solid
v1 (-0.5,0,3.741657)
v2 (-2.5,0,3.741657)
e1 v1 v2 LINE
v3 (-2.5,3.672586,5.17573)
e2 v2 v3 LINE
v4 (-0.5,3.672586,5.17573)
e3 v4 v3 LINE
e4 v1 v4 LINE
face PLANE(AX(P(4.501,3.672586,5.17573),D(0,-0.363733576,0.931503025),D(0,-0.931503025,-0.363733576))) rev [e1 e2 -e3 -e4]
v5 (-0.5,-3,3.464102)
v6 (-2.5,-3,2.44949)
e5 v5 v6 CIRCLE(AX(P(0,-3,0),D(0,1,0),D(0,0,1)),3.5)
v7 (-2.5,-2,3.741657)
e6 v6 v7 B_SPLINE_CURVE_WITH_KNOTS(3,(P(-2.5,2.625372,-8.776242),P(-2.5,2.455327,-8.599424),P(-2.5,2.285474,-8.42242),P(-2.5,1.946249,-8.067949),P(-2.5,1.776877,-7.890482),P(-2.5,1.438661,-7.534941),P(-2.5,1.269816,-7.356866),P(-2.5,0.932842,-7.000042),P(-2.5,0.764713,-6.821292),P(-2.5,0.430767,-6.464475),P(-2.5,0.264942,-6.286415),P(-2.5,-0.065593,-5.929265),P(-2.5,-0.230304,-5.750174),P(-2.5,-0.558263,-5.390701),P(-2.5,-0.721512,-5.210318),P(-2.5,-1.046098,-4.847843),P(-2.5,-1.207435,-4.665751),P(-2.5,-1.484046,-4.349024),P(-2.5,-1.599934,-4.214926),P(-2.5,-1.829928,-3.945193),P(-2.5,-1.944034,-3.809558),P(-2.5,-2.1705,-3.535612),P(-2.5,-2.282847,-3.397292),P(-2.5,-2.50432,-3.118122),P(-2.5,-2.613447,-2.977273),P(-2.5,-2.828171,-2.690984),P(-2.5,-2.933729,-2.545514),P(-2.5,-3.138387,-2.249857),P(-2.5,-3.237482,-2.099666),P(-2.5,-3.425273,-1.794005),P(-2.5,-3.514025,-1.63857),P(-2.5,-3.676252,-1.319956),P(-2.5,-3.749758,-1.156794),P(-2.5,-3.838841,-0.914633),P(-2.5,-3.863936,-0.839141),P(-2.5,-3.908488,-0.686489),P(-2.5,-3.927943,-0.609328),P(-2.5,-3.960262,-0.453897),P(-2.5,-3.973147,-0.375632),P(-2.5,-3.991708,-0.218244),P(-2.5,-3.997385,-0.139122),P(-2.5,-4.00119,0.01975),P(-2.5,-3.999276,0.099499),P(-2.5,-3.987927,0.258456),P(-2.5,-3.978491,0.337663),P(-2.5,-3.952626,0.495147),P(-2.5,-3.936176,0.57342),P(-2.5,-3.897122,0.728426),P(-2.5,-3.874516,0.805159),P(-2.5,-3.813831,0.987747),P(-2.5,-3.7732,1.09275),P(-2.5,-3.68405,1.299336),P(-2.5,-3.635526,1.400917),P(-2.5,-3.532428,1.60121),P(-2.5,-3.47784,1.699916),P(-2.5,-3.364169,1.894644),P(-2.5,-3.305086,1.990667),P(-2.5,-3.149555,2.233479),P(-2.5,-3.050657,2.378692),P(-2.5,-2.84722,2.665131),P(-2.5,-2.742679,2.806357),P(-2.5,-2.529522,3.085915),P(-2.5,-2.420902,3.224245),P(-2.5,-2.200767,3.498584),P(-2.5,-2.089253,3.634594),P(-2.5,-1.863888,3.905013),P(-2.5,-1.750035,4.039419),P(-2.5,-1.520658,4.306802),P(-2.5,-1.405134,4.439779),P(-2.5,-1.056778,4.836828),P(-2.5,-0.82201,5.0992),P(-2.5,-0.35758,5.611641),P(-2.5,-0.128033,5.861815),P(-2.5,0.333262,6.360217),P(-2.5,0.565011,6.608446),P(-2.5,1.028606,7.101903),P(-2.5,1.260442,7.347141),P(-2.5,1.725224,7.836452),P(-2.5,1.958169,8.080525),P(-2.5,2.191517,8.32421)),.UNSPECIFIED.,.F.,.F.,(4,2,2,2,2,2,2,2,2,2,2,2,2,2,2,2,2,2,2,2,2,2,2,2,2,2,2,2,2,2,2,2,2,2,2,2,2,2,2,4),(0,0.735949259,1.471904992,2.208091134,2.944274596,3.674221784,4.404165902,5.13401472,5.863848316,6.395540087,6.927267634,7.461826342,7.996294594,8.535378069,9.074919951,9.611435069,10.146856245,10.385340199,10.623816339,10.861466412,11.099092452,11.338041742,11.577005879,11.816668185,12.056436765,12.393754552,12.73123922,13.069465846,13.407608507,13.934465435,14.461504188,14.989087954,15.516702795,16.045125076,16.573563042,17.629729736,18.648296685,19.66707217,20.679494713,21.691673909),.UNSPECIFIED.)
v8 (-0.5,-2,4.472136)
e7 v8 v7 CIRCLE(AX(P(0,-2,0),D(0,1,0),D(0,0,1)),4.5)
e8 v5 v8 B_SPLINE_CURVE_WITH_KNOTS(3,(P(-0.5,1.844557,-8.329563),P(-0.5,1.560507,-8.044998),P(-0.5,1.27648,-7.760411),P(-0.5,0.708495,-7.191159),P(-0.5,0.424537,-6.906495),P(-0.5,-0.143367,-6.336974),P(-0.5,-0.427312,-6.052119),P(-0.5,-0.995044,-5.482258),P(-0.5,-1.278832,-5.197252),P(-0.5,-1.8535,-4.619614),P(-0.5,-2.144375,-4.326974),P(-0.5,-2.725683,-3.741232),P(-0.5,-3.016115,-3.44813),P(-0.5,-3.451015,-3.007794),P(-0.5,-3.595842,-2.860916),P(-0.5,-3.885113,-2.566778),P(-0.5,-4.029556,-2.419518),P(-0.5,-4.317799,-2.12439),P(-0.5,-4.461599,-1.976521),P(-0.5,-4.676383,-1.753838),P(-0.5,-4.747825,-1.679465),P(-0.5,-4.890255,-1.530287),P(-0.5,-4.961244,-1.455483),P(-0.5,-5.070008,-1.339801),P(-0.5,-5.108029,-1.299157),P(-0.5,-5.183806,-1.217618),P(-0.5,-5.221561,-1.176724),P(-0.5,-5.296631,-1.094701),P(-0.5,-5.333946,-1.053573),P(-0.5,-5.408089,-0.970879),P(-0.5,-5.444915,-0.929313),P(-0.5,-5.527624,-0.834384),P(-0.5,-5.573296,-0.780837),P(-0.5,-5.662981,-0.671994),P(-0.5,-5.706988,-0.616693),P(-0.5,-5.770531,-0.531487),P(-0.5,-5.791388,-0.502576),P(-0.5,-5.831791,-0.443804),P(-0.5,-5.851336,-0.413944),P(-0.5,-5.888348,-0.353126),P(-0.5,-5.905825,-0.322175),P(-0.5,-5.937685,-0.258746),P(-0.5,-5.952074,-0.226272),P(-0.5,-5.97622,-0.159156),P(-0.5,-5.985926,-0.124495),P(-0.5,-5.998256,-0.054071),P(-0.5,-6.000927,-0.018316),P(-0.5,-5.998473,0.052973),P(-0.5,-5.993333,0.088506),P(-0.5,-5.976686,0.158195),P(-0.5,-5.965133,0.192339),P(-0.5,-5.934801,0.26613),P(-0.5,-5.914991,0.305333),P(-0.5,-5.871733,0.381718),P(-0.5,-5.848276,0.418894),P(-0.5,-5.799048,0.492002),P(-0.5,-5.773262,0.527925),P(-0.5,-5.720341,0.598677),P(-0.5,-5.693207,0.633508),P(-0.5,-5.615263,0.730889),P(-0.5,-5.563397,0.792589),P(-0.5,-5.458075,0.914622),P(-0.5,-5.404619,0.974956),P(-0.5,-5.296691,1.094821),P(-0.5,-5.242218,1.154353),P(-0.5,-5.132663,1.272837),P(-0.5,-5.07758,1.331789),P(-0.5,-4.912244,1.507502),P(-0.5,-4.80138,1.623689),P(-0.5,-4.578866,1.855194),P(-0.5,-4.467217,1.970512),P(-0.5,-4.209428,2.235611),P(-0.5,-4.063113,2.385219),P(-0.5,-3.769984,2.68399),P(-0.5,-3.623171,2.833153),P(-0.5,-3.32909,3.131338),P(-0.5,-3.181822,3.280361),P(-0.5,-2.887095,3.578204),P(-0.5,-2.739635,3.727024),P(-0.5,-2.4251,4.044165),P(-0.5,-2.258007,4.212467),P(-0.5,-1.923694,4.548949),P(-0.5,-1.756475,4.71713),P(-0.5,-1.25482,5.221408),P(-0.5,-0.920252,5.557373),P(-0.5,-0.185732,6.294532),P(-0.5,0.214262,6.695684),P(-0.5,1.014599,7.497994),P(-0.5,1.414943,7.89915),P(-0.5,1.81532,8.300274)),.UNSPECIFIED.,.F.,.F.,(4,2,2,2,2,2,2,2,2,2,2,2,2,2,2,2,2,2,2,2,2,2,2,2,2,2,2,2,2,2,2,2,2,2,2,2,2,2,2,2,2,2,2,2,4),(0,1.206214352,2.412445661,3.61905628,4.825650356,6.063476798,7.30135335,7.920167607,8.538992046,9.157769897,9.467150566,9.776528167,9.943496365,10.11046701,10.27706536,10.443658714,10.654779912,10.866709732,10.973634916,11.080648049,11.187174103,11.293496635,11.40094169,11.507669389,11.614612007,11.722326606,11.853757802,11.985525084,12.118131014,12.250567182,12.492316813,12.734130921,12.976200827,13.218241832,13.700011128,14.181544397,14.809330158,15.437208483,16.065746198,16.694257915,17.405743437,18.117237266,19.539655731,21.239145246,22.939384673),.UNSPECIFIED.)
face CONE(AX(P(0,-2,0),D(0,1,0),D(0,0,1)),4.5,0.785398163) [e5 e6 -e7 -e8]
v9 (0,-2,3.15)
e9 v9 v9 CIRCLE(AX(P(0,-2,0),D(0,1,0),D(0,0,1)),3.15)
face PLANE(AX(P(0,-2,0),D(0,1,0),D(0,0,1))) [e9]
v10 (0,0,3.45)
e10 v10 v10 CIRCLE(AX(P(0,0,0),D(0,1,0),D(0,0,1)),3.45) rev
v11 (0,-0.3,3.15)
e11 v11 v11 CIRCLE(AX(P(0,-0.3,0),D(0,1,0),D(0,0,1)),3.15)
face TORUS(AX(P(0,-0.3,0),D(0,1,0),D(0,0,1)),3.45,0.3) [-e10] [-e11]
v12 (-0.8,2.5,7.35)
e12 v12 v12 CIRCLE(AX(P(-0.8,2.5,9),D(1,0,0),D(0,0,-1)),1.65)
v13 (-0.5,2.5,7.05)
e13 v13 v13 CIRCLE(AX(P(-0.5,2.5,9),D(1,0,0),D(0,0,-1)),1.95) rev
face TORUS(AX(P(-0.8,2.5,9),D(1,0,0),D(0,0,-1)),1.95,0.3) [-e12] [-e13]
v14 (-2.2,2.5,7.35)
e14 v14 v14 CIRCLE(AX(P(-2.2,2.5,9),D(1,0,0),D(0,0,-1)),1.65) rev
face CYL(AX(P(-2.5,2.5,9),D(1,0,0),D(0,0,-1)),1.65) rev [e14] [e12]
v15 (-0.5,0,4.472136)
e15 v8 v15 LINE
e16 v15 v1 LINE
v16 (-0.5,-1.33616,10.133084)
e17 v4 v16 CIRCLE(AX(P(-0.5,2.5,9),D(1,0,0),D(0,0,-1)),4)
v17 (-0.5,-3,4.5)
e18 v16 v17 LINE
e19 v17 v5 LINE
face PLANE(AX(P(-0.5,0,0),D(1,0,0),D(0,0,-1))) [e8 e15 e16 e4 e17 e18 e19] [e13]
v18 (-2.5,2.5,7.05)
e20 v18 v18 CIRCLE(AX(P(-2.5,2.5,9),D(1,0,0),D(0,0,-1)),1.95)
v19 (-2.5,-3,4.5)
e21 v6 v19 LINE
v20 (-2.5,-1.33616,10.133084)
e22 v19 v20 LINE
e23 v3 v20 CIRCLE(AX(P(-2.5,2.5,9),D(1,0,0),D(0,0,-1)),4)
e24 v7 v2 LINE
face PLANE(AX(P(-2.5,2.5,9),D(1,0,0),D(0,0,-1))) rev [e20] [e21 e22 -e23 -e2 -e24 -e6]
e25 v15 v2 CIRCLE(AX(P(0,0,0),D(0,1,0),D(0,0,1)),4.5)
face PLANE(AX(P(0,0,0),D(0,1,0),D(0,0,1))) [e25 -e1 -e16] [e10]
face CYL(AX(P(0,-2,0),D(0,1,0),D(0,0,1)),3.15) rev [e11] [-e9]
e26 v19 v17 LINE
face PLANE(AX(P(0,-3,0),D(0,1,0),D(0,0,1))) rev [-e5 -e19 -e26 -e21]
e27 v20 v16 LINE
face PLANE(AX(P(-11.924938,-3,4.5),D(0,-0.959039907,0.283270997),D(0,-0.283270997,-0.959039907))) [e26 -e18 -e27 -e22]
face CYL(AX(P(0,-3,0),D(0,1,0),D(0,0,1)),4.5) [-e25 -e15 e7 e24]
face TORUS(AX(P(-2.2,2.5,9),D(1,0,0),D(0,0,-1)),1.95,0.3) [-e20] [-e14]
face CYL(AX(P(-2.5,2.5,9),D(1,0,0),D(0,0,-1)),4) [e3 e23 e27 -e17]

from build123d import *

# Parameters (mm, degrees)
SKETCH_6_R          = 4.5
EXTRUDE_4_DEPTH     = 3
SKETCH_7_R          = 3.15
CUT_EXTRUDE_4_DEPTH = 2
SKETCH_8_R          = 4
EXTRUDE_5_DEPTH     = 2
EXTRUDE_7_DEPTH     = 2
EXTRUDE_8_REACH     = 10
SKETCH_11_R         = 1.65
CUT_EXTRUDE_6_DEPTH = 2
CUT_EXTRUDE_7_REACH = 9
FILLET_1_R          = 0.3
FILLET_2_R          = 0.3
FILLET_3_R          = 0.3


with BuildPart() as part:
    # 草图6 → 凸台-拉伸4 (new body)
    with BuildSketch(Plane(origin=(0, 0, 0), x_dir=(1, 0, 0), z_dir=(0, 1, 0))):
        Circle(SKETCH_6_R)
    extrude(amount=-EXTRUDE_4_DEPTH)

    # 草图7 → 切除-拉伸4 (cut)
    with BuildSketch(Plane(origin=(0, 0, 0), x_dir=(1, 0, 0), z_dir=(0, 1, 0))):
        Circle(SKETCH_7_R)
    extrude(amount=-CUT_EXTRUDE_4_DEPTH, mode=Mode.SUBTRACT)

    # 草图15 → 切除-旋转2 (revolve, cut)
    with BuildSketch(Plane(origin=(0, 0, 0), x_dir=(0, 0, -1), z_dir=(1, 0, 0))):
        Polygon((4.5, -3), (4.5, -2), (3.5, -3), align=None)
    revolve(axis=Axis((0, 0, 0), (0, -1, 0)), mode=Mode.SUBTRACT)



with BuildPart() as body_2:
    # 草图8 → 凸台-拉伸5 (new body)
    with BuildSketch(Plane(origin=(-0.5, 0, 0), x_dir=(0, 0, -1), z_dir=(1, 0, 0))):
        with Locations((-9, 2.5)):
            Circle(SKETCH_8_R)
    extrude(amount=-EXTRUDE_5_DEPTH)


with BuildPart() as part_1:
    add(part.part)

    add(body_2.part)  # 凸台-拉伸7 merges body 2
    # 草图9 → 凸台-拉伸7 (add)
    with BuildSketch(Plane(origin=(-0.5, 0, 0), x_dir=(0, 0, -1), z_dir=(1, 0, 0))):
        Polygon((-4.5, -3), (-10.133083988, -1.336159626), (-5.152908316, 3.69564436), (-3.5, 0), (-3.5, -3), (-3.52896076, -3), align=None)
    extrude(amount=-EXTRUDE_7_DEPTH)

    # 草图16 → 凸台-拉伸8 (add, up to next)
    with BuildSketch(Plane(origin=(0, 0, 3.5), x_dir=(-1, 0, 0), z_dir=(0, 0, -1)), mode=Mode.PRIVATE) as extrude_8_sk1:
        Polygon((2.5, -3), (2.5, -2.198837366), (0.5, -2.955716811), (0.5, -3), align=None)
    extrude_8_tool1 = extrude(extrude_8_sk1.sketch, amount=EXTRUDE_8_REACH, mode=Mode.PRIVATE) - part_1.part
    add(extrude_8_tool1.solids().sort_by_distance((-1.798414, -2.732173, 3.5))[0])

    # 草图11 → 切除-拉伸6 (cut)
    with BuildSketch(Plane(origin=(-0.5, 0, 0), x_dir=(0, 0, -1), z_dir=(1, 0, 0))):
        with Locations((-9, 2.5)):
            Circle(SKETCH_11_R)
    extrude(amount=-CUT_EXTRUDE_6_DEPTH, mode=Mode.SUBTRACT)

    # 草图12 → 切除-拉伸7 (cut, up to next)
    with BuildSketch(Plane.ZY.offset(2.5), mode=Mode.PRIVATE) as cut_extrude_7_sk1:
        Polygon((3.5, 0), (3.741657387, 0), (5.175729917, 3.672586172), (5.152908316, 3.69564436), align=None)
    cut_extrude_7_tool1 = extrude(cut_extrude_7_sk1.sketch, amount=-CUT_EXTRUDE_7_REACH, mode=Mode.PRIVATE) & part_1.part
    add(cut_extrude_7_tool1.solids().sort_by_distance((-2.5, 1.373556, 4.196165))[0], mode=Mode.SUBTRACT)

    # 圆角1
    fillet_1_edges = [part_1.edges().sort_by_distance(p)[0] for p in [
        (-3.15, 0, 0),
    ]]
    fillet(fillet_1_edges, radius=FILLET_1_R)

    # 圆角2
    fillet_2_edges = [part_1.edges().sort_by_distance(p)[0] for p in [
        (-0.5, 2.5, 10.65),
    ]]
    fillet(fillet_2_edges, radius=FILLET_2_R)

    # 圆角3
    fillet_3_edges = [part_1.edges().sort_by_distance(p)[0] for p in [
        (-2.5, 2.5, 10.65),
    ]]
    fillet(fillet_3_edges, radius=FILLET_3_R)


solid = part_1.part
